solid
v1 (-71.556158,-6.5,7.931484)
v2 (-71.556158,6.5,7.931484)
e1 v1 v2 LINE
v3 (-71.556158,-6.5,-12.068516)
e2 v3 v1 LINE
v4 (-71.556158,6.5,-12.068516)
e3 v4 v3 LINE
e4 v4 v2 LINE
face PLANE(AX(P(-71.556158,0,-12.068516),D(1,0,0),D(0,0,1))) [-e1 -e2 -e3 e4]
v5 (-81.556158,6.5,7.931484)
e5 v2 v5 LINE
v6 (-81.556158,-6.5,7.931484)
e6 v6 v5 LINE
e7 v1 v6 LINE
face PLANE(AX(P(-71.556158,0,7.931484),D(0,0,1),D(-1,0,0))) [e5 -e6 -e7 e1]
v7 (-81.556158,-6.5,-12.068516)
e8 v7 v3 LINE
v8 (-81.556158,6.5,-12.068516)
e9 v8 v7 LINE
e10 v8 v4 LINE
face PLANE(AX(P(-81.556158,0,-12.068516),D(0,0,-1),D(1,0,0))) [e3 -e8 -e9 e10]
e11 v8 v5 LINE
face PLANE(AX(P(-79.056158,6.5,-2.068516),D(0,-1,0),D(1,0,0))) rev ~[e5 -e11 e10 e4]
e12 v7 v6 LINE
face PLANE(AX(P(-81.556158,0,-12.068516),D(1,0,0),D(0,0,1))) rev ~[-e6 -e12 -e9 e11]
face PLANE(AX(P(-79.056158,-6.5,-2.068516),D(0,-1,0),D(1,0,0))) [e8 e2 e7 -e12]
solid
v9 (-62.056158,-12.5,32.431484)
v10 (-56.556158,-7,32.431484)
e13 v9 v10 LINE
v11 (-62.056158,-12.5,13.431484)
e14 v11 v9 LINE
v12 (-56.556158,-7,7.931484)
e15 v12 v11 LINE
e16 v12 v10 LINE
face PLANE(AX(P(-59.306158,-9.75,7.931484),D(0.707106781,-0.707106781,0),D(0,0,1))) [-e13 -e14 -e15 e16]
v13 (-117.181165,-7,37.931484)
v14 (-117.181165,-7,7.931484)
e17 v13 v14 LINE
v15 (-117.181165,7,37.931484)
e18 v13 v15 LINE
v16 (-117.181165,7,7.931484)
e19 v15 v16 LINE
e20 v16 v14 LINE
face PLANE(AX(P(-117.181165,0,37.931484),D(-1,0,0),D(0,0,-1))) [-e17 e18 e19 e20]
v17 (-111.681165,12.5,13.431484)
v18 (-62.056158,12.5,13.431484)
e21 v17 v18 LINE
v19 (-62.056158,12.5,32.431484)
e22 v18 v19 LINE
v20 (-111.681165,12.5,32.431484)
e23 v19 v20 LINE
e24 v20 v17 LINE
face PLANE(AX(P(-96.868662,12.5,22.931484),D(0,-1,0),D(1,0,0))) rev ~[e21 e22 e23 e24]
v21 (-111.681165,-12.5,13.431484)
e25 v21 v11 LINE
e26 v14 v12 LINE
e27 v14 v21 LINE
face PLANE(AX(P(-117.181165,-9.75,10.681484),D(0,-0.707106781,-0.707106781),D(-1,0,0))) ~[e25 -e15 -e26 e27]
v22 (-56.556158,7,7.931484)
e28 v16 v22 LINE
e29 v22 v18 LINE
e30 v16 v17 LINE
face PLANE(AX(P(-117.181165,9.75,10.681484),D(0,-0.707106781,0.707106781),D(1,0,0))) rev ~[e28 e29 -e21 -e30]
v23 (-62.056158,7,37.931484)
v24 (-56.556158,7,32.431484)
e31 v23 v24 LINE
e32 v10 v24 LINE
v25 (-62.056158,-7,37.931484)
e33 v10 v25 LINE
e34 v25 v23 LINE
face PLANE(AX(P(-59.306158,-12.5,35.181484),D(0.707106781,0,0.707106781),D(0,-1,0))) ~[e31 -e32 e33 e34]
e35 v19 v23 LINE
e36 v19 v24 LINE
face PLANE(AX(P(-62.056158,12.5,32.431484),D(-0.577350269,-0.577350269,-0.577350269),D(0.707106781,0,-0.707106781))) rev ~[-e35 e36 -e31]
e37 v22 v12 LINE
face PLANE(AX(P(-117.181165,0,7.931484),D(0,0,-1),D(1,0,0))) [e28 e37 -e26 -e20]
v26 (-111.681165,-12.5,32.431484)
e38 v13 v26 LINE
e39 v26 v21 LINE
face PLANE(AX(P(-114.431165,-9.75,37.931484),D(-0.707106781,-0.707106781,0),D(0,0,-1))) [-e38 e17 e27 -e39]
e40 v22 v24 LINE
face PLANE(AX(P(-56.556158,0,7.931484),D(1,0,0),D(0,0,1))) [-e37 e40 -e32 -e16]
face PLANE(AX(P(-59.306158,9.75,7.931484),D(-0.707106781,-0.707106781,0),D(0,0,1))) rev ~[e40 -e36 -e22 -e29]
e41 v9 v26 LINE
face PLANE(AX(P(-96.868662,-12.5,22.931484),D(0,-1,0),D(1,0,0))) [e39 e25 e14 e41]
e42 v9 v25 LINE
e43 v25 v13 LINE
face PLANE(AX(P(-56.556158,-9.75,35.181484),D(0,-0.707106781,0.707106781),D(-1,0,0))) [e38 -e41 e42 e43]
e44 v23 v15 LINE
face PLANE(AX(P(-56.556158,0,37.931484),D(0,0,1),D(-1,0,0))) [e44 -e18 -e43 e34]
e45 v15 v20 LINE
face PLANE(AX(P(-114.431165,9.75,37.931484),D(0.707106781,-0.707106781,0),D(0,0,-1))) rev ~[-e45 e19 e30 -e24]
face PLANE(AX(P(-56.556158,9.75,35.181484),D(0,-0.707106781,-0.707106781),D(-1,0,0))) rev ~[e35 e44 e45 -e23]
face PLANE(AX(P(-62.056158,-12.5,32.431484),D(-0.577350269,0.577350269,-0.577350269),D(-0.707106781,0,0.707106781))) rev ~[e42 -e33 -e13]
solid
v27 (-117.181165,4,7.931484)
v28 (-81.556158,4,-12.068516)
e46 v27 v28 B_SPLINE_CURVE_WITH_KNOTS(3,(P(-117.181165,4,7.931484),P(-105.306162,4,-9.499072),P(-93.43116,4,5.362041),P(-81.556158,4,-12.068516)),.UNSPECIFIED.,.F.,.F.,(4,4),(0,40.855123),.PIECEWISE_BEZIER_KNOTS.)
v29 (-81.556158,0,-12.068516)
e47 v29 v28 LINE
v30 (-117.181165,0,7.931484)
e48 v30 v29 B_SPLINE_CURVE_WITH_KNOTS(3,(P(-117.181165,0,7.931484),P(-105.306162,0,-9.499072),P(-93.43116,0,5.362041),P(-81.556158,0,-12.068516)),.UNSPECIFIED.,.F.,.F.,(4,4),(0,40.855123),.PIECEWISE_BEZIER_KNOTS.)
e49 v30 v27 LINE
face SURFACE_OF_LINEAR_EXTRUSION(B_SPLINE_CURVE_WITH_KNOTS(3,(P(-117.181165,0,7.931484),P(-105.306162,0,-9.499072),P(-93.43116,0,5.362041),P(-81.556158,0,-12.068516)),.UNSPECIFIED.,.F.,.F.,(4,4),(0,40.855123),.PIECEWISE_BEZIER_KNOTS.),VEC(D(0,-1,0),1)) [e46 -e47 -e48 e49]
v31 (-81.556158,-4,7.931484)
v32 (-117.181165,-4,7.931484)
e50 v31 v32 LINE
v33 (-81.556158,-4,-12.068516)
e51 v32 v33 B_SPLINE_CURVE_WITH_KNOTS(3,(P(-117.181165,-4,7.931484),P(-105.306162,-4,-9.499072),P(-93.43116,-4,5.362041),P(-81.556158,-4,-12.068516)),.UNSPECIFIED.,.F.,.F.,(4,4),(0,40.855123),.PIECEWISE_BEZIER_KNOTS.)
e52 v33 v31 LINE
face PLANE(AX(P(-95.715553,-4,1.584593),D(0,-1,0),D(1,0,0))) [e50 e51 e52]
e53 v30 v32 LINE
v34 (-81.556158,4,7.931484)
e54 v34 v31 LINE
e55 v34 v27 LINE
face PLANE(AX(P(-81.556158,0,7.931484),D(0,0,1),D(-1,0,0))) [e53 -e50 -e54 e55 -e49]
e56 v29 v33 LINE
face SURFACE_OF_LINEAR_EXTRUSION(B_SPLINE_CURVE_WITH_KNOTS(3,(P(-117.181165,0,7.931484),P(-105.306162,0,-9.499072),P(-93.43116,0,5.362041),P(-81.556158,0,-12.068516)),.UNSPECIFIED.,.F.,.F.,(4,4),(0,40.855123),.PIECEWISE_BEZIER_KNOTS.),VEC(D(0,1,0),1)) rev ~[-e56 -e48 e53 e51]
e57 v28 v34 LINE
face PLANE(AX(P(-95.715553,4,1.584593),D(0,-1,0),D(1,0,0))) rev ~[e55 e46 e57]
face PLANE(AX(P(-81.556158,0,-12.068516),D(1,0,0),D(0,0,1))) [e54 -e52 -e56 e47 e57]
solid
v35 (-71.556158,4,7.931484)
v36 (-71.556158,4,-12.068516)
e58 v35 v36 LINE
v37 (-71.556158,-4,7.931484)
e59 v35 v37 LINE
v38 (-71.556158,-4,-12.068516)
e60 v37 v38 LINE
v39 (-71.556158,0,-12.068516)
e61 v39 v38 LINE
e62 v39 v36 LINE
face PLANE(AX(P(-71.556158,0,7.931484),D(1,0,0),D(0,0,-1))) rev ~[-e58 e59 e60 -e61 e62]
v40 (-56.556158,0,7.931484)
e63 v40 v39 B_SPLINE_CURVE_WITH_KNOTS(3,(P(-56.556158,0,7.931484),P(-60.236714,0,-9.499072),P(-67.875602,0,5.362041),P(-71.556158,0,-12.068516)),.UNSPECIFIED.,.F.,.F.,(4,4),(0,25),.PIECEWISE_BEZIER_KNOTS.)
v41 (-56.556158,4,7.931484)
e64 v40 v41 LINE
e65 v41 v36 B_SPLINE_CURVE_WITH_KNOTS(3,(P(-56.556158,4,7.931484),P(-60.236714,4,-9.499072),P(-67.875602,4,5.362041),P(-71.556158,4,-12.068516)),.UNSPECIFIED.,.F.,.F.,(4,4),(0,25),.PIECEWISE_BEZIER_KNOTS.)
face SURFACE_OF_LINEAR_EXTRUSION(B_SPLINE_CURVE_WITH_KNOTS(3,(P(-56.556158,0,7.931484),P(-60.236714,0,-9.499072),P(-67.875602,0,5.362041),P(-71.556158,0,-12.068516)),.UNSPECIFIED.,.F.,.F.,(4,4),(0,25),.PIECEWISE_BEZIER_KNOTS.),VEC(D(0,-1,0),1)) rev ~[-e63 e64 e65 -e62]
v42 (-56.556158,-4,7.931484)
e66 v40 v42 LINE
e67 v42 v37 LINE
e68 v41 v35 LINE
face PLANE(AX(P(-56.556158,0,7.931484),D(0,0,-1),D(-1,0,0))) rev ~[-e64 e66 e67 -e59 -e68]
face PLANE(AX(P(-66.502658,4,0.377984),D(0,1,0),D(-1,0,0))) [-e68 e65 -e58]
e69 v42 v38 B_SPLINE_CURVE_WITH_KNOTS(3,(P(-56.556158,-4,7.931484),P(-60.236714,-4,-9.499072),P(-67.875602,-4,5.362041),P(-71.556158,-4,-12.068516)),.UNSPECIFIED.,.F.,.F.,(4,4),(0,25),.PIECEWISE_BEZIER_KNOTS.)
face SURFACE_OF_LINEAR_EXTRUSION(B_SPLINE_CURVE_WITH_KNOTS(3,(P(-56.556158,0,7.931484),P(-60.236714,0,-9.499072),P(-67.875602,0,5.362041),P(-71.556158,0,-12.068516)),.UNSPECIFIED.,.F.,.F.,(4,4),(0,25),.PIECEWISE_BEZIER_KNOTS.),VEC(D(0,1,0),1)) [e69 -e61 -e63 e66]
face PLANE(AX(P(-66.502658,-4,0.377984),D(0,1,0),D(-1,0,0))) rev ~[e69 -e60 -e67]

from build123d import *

# Parameters (mm, degrees)
F1_DEPTH = 4
F0_W     = 5
F0_H     = 20
F2_DEPTH = 6.5
F3_DEPTH = 12.5
F4_SIZE  = 5.5


with BuildPart() as f1:
    # F0 (on Front) → F1 (new body, symmetric)
    with BuildSketch(Plane.XZ):
        with BuildLine():
            add(Edge.make_bspline(
                [(-56.556158, 7.931484), (-60.236714, -9.499072), (-67.875602, 5.362041), (-71.556158, -12.068516)],
                knots=[0, 0, 0, 0, 25, 25, 25, 25], degree=3))
            Line((-56.556158, 7.931484), (-71.556158, 7.931484))
            Line((-71.556158, 7.931484), (-71.556158, -12.068516))
        make_face()
        with BuildLine():
            Line((-81.556158, -12.068516), (-81.556158, 7.931484))
            Line((-81.556158, 7.931484), (-117.181165, 7.931484))
            add(Edge.make_bspline(
                [(-117.181165, 7.931484), (-105.306162, -9.499072), (-93.43116, 5.362041), (-81.556158, -12.068516)],
                knots=[0, 0, 0, 0, 40.855123, 40.855123, 40.855123, 40.855123], degree=3))
        make_face()
    extrude(amount=F1_DEPTH, both=True)


with BuildPart() as f2:
    # F0 (on Front) → F2 (new body, symmetric)
    with BuildSketch(Plane.XZ):
        with Locations((-79.056158, -2.068516)):
            Rectangle(F0_W, F0_H)
        with Locations((-74.056158, -2.068516)):
            Rectangle(F0_W, F0_H)
    extrude(amount=F2_DEPTH, both=True)


with BuildPart() as f3:
    # F0 (on Front) → F3 (new body, symmetric)
    with BuildSketch(Plane.XZ):
        Polygon((-81.556158, 7.931484), (-76.556158, 7.931484), (-76.556158, 37.931484), (-117.181165, 37.931484), (-117.181165, 7.931484), align=None)
        Polygon((-71.556158, 7.931484), (-56.556158, 7.931484), (-56.556158, 37.931484), (-76.556158, 37.931484), (-76.556158, 7.931484), align=None)
    extrude(amount=F3_DEPTH, both=True)

    # F4
    f4_edges = [f3.edges().sort_by_distance(p)[0] for p in [
        (-56.556158, 0, 37.931484),
        (-56.556158, -12.5, 22.931484),
        (-86.868661, -12.5, 37.931484),
        (-86.868661, 12.5, 37.931484),
        (-56.556158, 12.5, 22.931484),
        (-117.181165, 12.5, 22.931484),
        (-117.181165, -12.5, 22.931484),
        (-86.868661, -12.5, 7.931484),
        (-86.868661, 12.5, 7.931484),
    ]]
    chamfer(f4_edges, length=F4_SIZE)


solid = Compound([f1.part, f2.part, f3.part])
